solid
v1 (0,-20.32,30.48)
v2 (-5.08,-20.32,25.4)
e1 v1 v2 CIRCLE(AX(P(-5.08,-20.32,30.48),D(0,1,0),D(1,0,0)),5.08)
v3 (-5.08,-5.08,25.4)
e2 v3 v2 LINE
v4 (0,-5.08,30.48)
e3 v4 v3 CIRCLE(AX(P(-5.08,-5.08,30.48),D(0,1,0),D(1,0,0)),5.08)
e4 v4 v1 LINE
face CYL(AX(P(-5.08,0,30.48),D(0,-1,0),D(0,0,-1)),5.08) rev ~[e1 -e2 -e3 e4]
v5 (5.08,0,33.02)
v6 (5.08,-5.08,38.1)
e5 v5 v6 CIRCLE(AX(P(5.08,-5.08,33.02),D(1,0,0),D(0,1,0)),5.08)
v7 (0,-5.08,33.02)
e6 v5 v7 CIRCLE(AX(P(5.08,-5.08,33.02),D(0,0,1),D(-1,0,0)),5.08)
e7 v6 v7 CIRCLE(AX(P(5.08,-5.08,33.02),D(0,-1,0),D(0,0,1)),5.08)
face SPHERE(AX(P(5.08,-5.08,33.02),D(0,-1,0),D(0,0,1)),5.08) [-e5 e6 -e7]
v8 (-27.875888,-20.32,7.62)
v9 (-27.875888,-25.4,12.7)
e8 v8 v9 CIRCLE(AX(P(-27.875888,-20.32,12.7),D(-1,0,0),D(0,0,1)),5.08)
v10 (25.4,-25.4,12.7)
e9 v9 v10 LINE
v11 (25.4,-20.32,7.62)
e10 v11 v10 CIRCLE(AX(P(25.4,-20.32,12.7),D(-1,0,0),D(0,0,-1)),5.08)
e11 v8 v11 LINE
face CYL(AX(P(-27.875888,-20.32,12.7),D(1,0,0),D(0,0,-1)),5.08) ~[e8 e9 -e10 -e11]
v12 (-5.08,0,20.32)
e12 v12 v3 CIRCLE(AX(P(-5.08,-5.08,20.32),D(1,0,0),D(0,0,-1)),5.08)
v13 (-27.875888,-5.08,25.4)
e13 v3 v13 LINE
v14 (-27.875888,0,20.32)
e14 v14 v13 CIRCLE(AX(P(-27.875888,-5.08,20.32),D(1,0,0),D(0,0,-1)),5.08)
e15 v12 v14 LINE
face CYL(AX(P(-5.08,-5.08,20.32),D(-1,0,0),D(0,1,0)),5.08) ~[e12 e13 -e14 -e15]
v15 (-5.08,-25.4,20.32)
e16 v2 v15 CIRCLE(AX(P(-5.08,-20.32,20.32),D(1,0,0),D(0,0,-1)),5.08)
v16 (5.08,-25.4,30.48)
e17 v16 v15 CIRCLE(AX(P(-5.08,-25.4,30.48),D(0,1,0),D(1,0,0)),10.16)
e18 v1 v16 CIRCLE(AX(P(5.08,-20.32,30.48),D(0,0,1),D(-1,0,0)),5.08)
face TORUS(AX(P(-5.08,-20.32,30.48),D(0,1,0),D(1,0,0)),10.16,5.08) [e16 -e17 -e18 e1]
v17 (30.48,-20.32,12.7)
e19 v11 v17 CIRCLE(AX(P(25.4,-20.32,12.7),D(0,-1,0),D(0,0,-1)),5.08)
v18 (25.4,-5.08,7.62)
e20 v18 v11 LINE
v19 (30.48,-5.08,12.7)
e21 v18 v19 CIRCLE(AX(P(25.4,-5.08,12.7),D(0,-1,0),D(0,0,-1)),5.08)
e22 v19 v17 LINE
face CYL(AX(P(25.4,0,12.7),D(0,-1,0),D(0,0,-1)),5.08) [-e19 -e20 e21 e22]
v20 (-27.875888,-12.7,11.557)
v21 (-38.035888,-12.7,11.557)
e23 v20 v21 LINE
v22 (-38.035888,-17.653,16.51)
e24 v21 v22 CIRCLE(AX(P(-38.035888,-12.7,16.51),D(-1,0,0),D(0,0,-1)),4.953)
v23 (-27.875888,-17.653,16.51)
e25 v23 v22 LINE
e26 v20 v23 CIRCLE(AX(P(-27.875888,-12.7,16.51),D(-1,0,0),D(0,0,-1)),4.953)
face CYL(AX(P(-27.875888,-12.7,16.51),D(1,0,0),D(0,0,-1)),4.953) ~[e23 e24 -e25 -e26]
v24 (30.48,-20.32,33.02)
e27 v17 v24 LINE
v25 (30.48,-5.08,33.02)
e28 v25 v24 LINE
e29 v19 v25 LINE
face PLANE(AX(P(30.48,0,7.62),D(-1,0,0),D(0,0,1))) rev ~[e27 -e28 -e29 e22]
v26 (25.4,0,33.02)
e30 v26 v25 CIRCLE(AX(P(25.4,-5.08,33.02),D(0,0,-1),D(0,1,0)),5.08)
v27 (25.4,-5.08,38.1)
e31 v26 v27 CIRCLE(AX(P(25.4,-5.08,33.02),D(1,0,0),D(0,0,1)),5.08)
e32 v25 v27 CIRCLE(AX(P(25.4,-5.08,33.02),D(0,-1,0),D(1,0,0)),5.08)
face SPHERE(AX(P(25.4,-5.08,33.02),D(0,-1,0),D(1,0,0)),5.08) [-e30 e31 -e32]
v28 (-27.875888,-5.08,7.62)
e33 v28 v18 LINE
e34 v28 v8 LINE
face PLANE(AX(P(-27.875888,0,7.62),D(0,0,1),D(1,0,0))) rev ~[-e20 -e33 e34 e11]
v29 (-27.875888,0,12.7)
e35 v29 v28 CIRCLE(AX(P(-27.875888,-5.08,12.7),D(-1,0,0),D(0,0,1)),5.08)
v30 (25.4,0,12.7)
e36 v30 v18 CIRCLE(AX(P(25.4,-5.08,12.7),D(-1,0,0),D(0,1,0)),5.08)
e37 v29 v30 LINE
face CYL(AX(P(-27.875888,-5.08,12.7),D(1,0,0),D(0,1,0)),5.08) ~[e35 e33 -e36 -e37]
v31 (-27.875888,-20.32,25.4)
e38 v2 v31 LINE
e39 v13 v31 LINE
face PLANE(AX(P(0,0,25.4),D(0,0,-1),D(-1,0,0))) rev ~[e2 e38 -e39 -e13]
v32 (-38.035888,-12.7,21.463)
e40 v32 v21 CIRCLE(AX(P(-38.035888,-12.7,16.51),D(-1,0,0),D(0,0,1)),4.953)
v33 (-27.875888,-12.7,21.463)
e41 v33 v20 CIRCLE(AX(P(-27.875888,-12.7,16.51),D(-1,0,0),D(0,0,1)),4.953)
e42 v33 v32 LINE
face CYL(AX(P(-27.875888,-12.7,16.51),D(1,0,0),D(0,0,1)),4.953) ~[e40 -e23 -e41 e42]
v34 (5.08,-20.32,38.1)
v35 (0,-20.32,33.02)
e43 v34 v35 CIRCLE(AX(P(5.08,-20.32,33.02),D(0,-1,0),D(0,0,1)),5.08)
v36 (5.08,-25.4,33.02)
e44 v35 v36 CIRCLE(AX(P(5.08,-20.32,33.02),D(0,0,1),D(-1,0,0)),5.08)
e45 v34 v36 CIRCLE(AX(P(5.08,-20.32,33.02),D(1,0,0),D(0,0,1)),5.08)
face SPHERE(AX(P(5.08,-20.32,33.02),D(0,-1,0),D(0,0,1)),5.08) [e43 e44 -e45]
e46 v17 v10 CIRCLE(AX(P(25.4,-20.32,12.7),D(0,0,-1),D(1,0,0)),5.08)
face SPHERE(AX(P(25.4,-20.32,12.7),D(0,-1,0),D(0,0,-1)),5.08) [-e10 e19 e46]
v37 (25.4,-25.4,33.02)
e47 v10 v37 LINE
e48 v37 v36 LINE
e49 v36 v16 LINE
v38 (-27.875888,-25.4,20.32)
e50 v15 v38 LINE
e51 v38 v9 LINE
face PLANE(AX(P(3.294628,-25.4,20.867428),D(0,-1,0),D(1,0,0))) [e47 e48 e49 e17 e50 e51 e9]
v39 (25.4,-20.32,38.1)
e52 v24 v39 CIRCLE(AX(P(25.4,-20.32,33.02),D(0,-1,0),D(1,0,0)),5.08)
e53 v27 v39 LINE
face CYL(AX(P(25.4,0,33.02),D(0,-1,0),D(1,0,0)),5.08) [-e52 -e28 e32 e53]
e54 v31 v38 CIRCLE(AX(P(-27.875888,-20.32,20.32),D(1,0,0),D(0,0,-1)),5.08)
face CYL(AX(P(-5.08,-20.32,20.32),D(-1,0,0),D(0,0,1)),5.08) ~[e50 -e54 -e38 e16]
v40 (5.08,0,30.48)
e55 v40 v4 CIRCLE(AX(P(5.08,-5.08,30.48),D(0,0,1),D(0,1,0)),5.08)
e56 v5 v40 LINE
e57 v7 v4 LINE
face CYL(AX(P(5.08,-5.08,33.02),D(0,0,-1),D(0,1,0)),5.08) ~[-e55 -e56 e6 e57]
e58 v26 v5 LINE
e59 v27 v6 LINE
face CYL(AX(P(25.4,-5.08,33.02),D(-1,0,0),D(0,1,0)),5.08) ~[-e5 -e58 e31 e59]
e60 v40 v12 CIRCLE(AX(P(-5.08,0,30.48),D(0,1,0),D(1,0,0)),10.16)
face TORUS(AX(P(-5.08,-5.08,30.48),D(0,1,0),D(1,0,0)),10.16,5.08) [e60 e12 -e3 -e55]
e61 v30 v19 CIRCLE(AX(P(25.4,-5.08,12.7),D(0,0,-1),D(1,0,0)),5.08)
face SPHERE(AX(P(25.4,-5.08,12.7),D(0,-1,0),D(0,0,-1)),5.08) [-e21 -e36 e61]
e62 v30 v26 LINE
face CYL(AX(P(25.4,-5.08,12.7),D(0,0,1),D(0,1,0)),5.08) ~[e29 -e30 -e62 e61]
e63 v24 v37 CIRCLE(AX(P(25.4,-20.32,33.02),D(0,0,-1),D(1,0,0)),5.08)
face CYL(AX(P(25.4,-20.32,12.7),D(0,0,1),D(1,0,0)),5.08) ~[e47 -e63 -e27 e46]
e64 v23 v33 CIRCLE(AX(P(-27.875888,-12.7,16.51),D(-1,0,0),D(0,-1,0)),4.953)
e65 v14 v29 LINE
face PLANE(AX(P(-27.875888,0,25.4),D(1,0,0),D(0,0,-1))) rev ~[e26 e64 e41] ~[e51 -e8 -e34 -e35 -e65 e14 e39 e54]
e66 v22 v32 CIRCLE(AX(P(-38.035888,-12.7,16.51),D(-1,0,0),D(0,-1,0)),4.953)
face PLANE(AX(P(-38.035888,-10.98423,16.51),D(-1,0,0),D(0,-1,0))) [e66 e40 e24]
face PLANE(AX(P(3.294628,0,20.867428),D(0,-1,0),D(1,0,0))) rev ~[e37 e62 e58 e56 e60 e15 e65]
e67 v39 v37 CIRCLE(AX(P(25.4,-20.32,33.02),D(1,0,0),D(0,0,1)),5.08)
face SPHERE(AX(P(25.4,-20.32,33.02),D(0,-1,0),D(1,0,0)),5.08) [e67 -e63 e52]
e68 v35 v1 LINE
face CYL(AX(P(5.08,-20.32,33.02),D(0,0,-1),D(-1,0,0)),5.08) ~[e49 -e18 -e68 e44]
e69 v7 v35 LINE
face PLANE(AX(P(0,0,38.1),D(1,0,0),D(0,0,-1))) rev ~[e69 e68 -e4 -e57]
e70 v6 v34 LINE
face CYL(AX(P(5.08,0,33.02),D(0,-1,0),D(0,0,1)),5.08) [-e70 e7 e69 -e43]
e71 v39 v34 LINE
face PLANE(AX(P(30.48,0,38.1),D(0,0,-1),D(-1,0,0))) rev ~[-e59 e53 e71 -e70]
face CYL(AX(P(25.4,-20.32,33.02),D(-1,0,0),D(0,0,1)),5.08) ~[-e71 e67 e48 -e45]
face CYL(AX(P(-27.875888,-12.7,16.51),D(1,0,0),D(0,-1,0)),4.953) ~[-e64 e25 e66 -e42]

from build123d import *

# Parameters (mm, degrees)
F1_DEPTH = 25.4
F2_R     = 5.08
F3_R     = 5.08
F5_DEPTH = 10.16


with BuildPart() as f1:
    # F0 (on Front) → F1 (new body)
    with BuildSketch(Plane.XZ):
        Polygon((0, 38.0835495889), (0, 25.4), (-25.4, 25.4), (-27.8758880853, 25.4), (-27.8758880853, 7.62), (30.48, 7.62), (30.48, 38.1), (0, 38.1), align=None)
    extrude(amount=F1_DEPTH)

    # F2
    f2_edges = [f1.edges().sort_by_distance(p)[0] for p in [
        (0, -12.7, 25.4),
        (0, -12.7, 38.1),
        (30.48, -12.7, 38.1),
        (30.48, -12.7, 7.62),
    ]]
    fillet(f2_edges, radius=F2_R)

    # F3
    f3_edges = [f1.edges().sort_by_distance(p)[0] for p in [
        (30.48, 0, 22.86),
        (-16.477944, -25.4, 25.4),
    ]]
    fillet(f3_edges, radius=F3_R)

    # F4 (on face) → F5 (join)
    with BuildSketch(Plane(origin=(-27.8758880853, 0, 0), x_dir=(0, -1, 0), z_dir=(-1, 0, 0))):
        with BuildLine():
            Line((12.7, 11.557), (12.7, 21.463))
            ThreePointArc((12.7, 21.463), (7.747, 16.51), (12.7, 11.557))
        make_face()
        with BuildLine():
            ThreePointArc((17.653, 16.51), (16.2022998872, 20.0122998872), (12.7, 21.463))
            Line((12.7, 21.463), (12.7, 11.557))
            ThreePointArc((12.7, 11.557), (16.2022998872, 13.0077001128), (17.653, 16.51))
        make_face()
    extrude(amount=F5_DEPTH)


solid = f1.part
